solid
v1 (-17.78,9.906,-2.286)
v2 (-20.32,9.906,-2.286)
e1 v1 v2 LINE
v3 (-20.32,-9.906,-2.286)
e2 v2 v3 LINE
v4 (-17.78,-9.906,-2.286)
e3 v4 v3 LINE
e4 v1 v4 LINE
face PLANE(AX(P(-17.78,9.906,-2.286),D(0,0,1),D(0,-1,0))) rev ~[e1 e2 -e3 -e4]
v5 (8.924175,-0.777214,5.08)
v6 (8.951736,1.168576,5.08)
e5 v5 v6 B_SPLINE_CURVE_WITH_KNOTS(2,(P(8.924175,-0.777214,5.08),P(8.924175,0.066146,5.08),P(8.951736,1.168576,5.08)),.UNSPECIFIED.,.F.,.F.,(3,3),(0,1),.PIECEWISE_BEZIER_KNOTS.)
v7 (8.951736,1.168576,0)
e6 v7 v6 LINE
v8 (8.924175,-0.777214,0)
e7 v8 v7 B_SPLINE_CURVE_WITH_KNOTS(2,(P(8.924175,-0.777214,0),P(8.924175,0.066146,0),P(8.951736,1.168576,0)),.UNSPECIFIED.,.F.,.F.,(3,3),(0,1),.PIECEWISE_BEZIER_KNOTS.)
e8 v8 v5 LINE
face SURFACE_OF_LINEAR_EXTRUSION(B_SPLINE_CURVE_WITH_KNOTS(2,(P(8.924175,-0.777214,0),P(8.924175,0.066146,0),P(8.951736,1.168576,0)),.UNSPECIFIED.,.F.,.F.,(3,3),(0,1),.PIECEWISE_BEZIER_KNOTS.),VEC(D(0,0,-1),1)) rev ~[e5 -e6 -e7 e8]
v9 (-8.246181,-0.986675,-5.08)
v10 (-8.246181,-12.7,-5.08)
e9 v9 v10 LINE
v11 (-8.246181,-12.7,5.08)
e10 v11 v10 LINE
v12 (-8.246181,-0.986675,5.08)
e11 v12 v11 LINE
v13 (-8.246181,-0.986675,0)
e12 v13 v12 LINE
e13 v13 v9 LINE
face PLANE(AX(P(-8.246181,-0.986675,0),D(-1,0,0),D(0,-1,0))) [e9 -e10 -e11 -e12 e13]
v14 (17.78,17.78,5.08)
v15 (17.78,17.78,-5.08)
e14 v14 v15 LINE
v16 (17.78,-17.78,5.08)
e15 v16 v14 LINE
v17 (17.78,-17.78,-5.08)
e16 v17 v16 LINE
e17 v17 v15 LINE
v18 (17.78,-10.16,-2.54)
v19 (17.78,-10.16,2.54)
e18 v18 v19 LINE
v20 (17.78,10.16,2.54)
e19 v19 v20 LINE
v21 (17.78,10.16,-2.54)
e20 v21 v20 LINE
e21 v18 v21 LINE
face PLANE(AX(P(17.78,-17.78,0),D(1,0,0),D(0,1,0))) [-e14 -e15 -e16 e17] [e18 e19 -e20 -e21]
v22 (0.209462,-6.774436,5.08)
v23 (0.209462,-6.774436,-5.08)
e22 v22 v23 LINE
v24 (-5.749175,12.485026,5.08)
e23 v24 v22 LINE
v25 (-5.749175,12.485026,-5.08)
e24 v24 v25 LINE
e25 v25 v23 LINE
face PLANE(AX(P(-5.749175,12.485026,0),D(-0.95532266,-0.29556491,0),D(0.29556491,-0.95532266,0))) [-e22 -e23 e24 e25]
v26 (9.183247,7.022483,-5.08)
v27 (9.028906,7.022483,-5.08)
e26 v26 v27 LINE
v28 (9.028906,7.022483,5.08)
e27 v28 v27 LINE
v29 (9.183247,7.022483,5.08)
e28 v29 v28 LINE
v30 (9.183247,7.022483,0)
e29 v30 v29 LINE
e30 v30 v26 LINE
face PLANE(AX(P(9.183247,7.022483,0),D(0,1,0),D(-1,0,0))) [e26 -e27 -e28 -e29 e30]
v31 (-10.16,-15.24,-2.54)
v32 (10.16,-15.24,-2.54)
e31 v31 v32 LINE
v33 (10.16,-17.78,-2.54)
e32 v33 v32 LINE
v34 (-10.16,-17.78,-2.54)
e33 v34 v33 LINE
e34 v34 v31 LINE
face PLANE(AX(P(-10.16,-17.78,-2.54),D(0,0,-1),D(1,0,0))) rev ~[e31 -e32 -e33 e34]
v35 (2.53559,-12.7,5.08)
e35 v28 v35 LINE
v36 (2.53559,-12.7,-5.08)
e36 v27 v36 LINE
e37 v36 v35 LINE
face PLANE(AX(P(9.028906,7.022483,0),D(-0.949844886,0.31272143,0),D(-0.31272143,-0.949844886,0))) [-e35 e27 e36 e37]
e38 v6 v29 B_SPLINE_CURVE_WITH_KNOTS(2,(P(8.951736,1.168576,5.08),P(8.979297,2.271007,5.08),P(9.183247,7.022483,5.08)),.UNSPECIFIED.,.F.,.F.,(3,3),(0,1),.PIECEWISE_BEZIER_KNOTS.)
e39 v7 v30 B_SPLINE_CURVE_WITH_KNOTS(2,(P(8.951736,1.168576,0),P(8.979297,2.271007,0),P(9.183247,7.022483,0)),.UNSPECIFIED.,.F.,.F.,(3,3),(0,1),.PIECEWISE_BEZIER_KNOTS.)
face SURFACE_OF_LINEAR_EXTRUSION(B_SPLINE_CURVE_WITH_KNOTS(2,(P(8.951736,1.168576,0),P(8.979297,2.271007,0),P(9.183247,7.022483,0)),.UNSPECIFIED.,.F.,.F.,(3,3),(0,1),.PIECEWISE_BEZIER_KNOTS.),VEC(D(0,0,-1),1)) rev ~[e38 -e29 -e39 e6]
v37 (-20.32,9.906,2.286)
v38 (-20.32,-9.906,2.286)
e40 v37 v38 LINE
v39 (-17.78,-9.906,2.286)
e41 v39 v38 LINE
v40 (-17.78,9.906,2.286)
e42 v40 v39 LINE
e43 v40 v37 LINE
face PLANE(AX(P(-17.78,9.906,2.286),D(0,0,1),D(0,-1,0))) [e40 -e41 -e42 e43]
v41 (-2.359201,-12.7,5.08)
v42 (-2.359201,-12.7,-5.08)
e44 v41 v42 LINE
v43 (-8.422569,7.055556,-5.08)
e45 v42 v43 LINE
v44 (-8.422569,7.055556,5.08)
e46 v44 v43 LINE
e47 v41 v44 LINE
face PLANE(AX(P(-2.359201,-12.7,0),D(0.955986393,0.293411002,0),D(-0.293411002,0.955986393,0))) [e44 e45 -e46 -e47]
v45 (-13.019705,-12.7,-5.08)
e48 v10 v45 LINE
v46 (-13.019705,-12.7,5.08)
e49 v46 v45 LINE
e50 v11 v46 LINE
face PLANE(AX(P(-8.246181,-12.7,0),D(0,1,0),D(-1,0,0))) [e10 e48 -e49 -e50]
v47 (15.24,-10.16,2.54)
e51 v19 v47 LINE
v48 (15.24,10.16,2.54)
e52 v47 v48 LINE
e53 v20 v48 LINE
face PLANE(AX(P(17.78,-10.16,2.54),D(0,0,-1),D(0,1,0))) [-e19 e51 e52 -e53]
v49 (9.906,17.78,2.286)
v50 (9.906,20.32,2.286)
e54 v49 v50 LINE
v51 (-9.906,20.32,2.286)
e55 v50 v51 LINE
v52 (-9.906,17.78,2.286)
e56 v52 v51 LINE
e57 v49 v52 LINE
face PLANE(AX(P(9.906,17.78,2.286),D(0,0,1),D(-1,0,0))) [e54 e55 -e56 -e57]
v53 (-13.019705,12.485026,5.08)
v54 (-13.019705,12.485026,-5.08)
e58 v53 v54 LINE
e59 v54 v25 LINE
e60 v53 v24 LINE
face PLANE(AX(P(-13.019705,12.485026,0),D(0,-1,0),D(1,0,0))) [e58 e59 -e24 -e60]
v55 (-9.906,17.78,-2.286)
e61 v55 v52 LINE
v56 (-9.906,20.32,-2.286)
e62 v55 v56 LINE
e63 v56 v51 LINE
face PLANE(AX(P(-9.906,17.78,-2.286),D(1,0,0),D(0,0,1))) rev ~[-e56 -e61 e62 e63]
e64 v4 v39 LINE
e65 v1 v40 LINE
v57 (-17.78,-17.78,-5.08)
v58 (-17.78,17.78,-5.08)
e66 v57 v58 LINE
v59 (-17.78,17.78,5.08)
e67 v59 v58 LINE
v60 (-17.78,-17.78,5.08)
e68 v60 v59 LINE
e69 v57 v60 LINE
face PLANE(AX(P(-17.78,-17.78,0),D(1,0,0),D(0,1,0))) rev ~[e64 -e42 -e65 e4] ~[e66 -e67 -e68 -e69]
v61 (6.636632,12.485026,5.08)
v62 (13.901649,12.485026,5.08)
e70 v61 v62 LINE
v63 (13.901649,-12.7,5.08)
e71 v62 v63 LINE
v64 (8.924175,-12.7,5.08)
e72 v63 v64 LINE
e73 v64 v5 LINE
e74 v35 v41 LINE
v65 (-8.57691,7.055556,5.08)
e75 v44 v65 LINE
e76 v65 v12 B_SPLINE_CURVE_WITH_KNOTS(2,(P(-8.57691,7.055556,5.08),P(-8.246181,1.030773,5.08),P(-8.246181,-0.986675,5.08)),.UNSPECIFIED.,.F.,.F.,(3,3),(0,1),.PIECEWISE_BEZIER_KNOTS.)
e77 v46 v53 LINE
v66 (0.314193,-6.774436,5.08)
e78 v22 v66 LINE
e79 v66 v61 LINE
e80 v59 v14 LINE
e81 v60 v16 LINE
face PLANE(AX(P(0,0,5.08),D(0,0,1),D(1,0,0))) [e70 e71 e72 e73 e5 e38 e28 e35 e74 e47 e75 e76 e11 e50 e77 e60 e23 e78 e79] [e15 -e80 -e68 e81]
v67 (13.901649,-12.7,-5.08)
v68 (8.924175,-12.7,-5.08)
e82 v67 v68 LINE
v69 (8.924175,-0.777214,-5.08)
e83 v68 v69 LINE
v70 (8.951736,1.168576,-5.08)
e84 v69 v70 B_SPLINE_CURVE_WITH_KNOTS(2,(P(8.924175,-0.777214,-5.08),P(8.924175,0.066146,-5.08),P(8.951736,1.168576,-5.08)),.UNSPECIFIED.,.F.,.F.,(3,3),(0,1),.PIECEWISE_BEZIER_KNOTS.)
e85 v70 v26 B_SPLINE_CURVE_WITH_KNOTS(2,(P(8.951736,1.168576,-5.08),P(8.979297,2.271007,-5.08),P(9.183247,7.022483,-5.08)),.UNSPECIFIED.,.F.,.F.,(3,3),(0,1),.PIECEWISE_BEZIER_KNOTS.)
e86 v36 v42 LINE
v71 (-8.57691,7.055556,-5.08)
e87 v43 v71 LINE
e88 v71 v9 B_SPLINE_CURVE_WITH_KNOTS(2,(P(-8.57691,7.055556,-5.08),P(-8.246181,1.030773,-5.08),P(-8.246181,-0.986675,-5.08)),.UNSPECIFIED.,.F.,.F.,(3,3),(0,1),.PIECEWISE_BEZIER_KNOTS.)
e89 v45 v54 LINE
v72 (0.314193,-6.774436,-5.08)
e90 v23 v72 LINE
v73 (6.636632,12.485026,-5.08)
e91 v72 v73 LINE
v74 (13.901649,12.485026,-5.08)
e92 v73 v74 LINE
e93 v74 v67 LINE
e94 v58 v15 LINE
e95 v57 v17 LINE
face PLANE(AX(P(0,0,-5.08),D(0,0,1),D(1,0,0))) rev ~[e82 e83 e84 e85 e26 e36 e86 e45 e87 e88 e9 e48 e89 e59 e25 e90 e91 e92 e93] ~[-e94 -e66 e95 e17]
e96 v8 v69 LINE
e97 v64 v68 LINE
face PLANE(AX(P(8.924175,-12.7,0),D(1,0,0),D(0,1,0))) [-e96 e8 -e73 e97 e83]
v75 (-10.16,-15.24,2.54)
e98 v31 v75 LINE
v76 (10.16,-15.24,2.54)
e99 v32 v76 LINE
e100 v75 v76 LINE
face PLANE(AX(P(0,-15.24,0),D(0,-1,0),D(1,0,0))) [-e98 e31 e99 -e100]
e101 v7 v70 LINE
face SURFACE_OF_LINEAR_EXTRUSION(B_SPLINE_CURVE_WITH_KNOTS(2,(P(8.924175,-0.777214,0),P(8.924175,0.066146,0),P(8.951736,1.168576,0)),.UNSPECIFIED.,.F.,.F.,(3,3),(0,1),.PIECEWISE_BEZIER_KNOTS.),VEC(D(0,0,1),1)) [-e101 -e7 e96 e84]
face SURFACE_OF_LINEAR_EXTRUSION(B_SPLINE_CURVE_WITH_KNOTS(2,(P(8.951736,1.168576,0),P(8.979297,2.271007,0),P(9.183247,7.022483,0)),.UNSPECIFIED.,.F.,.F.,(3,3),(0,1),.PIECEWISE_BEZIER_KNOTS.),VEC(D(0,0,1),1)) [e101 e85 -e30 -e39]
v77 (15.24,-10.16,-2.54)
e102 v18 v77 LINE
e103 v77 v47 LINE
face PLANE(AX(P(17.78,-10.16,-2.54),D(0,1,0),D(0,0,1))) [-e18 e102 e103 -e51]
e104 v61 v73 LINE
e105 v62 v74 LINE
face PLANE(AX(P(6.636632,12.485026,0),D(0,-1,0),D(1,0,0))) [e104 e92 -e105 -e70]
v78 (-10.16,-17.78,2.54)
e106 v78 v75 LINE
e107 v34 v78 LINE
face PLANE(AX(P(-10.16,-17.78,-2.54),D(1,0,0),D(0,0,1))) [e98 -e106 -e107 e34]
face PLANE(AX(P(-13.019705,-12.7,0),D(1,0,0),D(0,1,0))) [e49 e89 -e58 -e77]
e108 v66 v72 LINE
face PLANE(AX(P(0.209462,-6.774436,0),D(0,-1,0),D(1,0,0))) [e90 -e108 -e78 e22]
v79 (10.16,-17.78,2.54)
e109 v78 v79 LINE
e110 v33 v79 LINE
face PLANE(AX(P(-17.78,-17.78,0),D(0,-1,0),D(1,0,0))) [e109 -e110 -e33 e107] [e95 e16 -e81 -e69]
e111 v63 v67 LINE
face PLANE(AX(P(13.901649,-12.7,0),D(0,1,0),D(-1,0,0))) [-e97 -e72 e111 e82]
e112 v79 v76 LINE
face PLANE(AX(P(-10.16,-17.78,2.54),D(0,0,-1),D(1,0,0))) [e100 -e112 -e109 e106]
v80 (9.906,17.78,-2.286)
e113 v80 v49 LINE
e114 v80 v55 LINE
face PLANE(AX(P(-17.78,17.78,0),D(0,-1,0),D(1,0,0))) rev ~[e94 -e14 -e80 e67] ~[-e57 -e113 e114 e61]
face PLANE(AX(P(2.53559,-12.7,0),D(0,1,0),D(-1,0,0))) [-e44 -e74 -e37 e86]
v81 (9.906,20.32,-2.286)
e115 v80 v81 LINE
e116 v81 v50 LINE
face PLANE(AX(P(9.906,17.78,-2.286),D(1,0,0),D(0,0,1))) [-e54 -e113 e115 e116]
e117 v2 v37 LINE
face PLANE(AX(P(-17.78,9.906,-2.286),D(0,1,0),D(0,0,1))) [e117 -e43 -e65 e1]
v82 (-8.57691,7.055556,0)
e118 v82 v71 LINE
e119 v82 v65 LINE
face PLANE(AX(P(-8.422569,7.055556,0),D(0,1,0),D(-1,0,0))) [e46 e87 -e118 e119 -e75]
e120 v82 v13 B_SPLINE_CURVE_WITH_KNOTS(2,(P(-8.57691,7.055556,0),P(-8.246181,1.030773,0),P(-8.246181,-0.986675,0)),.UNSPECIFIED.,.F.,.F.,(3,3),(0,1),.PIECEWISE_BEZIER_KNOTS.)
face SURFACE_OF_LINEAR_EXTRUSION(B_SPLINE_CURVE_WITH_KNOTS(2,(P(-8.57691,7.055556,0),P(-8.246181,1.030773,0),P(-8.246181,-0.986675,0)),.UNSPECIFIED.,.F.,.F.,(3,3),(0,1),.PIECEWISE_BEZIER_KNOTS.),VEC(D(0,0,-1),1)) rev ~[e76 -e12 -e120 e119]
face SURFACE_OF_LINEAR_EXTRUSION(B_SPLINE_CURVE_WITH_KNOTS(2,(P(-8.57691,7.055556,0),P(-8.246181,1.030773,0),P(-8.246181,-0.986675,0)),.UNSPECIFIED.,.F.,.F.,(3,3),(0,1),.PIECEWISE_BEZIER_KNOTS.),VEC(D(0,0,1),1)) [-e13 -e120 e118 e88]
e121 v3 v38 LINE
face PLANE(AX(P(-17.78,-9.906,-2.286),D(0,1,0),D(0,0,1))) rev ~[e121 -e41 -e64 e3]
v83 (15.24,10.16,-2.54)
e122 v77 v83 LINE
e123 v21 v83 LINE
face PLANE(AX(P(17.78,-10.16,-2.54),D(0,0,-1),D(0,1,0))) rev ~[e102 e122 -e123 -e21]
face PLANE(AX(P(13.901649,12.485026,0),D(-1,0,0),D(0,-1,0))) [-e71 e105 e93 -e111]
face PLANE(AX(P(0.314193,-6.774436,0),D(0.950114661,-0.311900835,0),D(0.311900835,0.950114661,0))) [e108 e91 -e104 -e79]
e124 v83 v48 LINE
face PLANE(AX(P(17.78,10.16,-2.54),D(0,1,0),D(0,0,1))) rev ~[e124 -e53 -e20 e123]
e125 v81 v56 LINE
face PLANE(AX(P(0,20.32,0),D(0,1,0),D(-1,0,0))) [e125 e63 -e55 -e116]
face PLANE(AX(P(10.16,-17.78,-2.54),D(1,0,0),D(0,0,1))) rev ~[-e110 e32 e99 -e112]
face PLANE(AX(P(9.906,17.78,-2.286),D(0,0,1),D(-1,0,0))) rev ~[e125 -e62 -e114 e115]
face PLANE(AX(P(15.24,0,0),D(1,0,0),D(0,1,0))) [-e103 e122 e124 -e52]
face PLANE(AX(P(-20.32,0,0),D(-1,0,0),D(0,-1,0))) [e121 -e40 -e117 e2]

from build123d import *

# Parameters (mm, degrees)
F0_W     = 35.56
F0_H     = 35.56
F1_DEPTH = 5.08
F2_W     = 19.812
F2_H     = 4.572
F3_DEPTH = 2.54
F4_W     = 19.812
F4_H     = 4.572
F5_DEPTH = 2.54
F6_W     = 20.32
F6_H     = 5.08
F7_DEPTH = 2.54
F8_W     = 20.32
F8_H     = 5.08
F9_DEPTH = 2.54


with BuildPart() as f1:
    # F0 (on Top) → F1 (new body, symmetric)
    with BuildSketch(Plane.XY):
        Rectangle(F0_W, F0_H)
        with BuildLine():
            Line((2.5355902778, -12.7), (-2.3592013889, -12.7))
            Line((-2.3592013889, -12.7), (-8.4225694444, 7.0555555556))
            Line((-8.4225694444, 7.0555555556), (-8.5769097222, 7.0555555556))
            add(Edge.make_bspline(
                [(-8.5769097222, 7.0555555556), (-8.2461805556, 1.0307725694), (-8.2461805556, -0.9866753472)],
                knots=[0, 0, 0, 1, 1, 1], degree=2))
            Line((-8.2461805556, -0.9866753472), (-8.2461805556, -12.7))
            Line((-8.2461805556, -12.7), (-13.0197048611, -12.7))
            Line((-13.0197048611, -12.7), (-13.0197048611, 12.4850260417))
            Line((-13.0197048611, 12.4850260417), (-5.7491753472, 12.4850260417))
            Line((-5.7491753472, 12.4850260417), (0.2094618056, -6.7744357639))
            Line((0.2094618056, -6.7744357639), (0.3141927083, -6.7744357639))
            Line((0.3141927083, -6.7744357639), (6.6366319444, 12.4850260417))
            Line((6.6366319444, 12.4850260417), (13.9016493056, 12.4850260417))
            Line((13.9016493056, 12.4850260417), (13.9016493056, -12.7))
            Line((13.9016493056, -12.7), (8.9241753472, -12.7))
            Line((8.9241753472, -12.7), (8.9241753472, -0.7772135417))
            add(Edge.make_bspline(
                [(8.9241753472, -0.7772135417), (8.9241753472, 0.0661458333), (8.9517361111, 1.1685763889)],
                knots=[0, 0, 0, 1, 1, 1], degree=2))
            add(Edge.make_bspline(
                [(8.9517361111, 1.1685763889), (8.979296875, 2.2710069444), (9.1832465278, 7.0224826389)],
                knots=[0, 0, 0, 1, 1, 1], degree=2))
            Line((9.1832465278, 7.0224826389), (9.02890625, 7.0224826389))
            Line((9.02890625, 7.0224826389), (2.5355902778, -12.7))
        make_face(mode=Mode.SUBTRACT)
    extrude(amount=F1_DEPTH, both=True)

    # F2 (on face) → F3 (join)
    with BuildSketch(Plane(origin=(0, 17.78, 0), x_dir=(-1, 0, 0), z_dir=(0, 1, 0))):
        Rectangle(F2_W, F2_H)
    extrude(amount=F3_DEPTH)

    # F4 (on face) → F5 (join)
    with BuildSketch(Plane(origin=(-17.78, 0, 0), x_dir=(0, -1, 0), z_dir=(-1, 0, 0))):
        Rectangle(F4_W, F4_H)
    extrude(amount=F5_DEPTH)

    # F6 (on face) → F7 (cut)
    with BuildSketch(Plane.XZ.offset(17.78)):
        Rectangle(F6_W, F6_H)
    extrude(amount=-F7_DEPTH, mode=Mode.SUBTRACT)

    # F8 (on face) → F9 (cut)
    with BuildSketch(Plane.YZ.offset(17.78)):
        Rectangle(F8_W, F8_H)
    extrude(amount=-F9_DEPTH, mode=Mode.SUBTRACT)


solid = f1.part
